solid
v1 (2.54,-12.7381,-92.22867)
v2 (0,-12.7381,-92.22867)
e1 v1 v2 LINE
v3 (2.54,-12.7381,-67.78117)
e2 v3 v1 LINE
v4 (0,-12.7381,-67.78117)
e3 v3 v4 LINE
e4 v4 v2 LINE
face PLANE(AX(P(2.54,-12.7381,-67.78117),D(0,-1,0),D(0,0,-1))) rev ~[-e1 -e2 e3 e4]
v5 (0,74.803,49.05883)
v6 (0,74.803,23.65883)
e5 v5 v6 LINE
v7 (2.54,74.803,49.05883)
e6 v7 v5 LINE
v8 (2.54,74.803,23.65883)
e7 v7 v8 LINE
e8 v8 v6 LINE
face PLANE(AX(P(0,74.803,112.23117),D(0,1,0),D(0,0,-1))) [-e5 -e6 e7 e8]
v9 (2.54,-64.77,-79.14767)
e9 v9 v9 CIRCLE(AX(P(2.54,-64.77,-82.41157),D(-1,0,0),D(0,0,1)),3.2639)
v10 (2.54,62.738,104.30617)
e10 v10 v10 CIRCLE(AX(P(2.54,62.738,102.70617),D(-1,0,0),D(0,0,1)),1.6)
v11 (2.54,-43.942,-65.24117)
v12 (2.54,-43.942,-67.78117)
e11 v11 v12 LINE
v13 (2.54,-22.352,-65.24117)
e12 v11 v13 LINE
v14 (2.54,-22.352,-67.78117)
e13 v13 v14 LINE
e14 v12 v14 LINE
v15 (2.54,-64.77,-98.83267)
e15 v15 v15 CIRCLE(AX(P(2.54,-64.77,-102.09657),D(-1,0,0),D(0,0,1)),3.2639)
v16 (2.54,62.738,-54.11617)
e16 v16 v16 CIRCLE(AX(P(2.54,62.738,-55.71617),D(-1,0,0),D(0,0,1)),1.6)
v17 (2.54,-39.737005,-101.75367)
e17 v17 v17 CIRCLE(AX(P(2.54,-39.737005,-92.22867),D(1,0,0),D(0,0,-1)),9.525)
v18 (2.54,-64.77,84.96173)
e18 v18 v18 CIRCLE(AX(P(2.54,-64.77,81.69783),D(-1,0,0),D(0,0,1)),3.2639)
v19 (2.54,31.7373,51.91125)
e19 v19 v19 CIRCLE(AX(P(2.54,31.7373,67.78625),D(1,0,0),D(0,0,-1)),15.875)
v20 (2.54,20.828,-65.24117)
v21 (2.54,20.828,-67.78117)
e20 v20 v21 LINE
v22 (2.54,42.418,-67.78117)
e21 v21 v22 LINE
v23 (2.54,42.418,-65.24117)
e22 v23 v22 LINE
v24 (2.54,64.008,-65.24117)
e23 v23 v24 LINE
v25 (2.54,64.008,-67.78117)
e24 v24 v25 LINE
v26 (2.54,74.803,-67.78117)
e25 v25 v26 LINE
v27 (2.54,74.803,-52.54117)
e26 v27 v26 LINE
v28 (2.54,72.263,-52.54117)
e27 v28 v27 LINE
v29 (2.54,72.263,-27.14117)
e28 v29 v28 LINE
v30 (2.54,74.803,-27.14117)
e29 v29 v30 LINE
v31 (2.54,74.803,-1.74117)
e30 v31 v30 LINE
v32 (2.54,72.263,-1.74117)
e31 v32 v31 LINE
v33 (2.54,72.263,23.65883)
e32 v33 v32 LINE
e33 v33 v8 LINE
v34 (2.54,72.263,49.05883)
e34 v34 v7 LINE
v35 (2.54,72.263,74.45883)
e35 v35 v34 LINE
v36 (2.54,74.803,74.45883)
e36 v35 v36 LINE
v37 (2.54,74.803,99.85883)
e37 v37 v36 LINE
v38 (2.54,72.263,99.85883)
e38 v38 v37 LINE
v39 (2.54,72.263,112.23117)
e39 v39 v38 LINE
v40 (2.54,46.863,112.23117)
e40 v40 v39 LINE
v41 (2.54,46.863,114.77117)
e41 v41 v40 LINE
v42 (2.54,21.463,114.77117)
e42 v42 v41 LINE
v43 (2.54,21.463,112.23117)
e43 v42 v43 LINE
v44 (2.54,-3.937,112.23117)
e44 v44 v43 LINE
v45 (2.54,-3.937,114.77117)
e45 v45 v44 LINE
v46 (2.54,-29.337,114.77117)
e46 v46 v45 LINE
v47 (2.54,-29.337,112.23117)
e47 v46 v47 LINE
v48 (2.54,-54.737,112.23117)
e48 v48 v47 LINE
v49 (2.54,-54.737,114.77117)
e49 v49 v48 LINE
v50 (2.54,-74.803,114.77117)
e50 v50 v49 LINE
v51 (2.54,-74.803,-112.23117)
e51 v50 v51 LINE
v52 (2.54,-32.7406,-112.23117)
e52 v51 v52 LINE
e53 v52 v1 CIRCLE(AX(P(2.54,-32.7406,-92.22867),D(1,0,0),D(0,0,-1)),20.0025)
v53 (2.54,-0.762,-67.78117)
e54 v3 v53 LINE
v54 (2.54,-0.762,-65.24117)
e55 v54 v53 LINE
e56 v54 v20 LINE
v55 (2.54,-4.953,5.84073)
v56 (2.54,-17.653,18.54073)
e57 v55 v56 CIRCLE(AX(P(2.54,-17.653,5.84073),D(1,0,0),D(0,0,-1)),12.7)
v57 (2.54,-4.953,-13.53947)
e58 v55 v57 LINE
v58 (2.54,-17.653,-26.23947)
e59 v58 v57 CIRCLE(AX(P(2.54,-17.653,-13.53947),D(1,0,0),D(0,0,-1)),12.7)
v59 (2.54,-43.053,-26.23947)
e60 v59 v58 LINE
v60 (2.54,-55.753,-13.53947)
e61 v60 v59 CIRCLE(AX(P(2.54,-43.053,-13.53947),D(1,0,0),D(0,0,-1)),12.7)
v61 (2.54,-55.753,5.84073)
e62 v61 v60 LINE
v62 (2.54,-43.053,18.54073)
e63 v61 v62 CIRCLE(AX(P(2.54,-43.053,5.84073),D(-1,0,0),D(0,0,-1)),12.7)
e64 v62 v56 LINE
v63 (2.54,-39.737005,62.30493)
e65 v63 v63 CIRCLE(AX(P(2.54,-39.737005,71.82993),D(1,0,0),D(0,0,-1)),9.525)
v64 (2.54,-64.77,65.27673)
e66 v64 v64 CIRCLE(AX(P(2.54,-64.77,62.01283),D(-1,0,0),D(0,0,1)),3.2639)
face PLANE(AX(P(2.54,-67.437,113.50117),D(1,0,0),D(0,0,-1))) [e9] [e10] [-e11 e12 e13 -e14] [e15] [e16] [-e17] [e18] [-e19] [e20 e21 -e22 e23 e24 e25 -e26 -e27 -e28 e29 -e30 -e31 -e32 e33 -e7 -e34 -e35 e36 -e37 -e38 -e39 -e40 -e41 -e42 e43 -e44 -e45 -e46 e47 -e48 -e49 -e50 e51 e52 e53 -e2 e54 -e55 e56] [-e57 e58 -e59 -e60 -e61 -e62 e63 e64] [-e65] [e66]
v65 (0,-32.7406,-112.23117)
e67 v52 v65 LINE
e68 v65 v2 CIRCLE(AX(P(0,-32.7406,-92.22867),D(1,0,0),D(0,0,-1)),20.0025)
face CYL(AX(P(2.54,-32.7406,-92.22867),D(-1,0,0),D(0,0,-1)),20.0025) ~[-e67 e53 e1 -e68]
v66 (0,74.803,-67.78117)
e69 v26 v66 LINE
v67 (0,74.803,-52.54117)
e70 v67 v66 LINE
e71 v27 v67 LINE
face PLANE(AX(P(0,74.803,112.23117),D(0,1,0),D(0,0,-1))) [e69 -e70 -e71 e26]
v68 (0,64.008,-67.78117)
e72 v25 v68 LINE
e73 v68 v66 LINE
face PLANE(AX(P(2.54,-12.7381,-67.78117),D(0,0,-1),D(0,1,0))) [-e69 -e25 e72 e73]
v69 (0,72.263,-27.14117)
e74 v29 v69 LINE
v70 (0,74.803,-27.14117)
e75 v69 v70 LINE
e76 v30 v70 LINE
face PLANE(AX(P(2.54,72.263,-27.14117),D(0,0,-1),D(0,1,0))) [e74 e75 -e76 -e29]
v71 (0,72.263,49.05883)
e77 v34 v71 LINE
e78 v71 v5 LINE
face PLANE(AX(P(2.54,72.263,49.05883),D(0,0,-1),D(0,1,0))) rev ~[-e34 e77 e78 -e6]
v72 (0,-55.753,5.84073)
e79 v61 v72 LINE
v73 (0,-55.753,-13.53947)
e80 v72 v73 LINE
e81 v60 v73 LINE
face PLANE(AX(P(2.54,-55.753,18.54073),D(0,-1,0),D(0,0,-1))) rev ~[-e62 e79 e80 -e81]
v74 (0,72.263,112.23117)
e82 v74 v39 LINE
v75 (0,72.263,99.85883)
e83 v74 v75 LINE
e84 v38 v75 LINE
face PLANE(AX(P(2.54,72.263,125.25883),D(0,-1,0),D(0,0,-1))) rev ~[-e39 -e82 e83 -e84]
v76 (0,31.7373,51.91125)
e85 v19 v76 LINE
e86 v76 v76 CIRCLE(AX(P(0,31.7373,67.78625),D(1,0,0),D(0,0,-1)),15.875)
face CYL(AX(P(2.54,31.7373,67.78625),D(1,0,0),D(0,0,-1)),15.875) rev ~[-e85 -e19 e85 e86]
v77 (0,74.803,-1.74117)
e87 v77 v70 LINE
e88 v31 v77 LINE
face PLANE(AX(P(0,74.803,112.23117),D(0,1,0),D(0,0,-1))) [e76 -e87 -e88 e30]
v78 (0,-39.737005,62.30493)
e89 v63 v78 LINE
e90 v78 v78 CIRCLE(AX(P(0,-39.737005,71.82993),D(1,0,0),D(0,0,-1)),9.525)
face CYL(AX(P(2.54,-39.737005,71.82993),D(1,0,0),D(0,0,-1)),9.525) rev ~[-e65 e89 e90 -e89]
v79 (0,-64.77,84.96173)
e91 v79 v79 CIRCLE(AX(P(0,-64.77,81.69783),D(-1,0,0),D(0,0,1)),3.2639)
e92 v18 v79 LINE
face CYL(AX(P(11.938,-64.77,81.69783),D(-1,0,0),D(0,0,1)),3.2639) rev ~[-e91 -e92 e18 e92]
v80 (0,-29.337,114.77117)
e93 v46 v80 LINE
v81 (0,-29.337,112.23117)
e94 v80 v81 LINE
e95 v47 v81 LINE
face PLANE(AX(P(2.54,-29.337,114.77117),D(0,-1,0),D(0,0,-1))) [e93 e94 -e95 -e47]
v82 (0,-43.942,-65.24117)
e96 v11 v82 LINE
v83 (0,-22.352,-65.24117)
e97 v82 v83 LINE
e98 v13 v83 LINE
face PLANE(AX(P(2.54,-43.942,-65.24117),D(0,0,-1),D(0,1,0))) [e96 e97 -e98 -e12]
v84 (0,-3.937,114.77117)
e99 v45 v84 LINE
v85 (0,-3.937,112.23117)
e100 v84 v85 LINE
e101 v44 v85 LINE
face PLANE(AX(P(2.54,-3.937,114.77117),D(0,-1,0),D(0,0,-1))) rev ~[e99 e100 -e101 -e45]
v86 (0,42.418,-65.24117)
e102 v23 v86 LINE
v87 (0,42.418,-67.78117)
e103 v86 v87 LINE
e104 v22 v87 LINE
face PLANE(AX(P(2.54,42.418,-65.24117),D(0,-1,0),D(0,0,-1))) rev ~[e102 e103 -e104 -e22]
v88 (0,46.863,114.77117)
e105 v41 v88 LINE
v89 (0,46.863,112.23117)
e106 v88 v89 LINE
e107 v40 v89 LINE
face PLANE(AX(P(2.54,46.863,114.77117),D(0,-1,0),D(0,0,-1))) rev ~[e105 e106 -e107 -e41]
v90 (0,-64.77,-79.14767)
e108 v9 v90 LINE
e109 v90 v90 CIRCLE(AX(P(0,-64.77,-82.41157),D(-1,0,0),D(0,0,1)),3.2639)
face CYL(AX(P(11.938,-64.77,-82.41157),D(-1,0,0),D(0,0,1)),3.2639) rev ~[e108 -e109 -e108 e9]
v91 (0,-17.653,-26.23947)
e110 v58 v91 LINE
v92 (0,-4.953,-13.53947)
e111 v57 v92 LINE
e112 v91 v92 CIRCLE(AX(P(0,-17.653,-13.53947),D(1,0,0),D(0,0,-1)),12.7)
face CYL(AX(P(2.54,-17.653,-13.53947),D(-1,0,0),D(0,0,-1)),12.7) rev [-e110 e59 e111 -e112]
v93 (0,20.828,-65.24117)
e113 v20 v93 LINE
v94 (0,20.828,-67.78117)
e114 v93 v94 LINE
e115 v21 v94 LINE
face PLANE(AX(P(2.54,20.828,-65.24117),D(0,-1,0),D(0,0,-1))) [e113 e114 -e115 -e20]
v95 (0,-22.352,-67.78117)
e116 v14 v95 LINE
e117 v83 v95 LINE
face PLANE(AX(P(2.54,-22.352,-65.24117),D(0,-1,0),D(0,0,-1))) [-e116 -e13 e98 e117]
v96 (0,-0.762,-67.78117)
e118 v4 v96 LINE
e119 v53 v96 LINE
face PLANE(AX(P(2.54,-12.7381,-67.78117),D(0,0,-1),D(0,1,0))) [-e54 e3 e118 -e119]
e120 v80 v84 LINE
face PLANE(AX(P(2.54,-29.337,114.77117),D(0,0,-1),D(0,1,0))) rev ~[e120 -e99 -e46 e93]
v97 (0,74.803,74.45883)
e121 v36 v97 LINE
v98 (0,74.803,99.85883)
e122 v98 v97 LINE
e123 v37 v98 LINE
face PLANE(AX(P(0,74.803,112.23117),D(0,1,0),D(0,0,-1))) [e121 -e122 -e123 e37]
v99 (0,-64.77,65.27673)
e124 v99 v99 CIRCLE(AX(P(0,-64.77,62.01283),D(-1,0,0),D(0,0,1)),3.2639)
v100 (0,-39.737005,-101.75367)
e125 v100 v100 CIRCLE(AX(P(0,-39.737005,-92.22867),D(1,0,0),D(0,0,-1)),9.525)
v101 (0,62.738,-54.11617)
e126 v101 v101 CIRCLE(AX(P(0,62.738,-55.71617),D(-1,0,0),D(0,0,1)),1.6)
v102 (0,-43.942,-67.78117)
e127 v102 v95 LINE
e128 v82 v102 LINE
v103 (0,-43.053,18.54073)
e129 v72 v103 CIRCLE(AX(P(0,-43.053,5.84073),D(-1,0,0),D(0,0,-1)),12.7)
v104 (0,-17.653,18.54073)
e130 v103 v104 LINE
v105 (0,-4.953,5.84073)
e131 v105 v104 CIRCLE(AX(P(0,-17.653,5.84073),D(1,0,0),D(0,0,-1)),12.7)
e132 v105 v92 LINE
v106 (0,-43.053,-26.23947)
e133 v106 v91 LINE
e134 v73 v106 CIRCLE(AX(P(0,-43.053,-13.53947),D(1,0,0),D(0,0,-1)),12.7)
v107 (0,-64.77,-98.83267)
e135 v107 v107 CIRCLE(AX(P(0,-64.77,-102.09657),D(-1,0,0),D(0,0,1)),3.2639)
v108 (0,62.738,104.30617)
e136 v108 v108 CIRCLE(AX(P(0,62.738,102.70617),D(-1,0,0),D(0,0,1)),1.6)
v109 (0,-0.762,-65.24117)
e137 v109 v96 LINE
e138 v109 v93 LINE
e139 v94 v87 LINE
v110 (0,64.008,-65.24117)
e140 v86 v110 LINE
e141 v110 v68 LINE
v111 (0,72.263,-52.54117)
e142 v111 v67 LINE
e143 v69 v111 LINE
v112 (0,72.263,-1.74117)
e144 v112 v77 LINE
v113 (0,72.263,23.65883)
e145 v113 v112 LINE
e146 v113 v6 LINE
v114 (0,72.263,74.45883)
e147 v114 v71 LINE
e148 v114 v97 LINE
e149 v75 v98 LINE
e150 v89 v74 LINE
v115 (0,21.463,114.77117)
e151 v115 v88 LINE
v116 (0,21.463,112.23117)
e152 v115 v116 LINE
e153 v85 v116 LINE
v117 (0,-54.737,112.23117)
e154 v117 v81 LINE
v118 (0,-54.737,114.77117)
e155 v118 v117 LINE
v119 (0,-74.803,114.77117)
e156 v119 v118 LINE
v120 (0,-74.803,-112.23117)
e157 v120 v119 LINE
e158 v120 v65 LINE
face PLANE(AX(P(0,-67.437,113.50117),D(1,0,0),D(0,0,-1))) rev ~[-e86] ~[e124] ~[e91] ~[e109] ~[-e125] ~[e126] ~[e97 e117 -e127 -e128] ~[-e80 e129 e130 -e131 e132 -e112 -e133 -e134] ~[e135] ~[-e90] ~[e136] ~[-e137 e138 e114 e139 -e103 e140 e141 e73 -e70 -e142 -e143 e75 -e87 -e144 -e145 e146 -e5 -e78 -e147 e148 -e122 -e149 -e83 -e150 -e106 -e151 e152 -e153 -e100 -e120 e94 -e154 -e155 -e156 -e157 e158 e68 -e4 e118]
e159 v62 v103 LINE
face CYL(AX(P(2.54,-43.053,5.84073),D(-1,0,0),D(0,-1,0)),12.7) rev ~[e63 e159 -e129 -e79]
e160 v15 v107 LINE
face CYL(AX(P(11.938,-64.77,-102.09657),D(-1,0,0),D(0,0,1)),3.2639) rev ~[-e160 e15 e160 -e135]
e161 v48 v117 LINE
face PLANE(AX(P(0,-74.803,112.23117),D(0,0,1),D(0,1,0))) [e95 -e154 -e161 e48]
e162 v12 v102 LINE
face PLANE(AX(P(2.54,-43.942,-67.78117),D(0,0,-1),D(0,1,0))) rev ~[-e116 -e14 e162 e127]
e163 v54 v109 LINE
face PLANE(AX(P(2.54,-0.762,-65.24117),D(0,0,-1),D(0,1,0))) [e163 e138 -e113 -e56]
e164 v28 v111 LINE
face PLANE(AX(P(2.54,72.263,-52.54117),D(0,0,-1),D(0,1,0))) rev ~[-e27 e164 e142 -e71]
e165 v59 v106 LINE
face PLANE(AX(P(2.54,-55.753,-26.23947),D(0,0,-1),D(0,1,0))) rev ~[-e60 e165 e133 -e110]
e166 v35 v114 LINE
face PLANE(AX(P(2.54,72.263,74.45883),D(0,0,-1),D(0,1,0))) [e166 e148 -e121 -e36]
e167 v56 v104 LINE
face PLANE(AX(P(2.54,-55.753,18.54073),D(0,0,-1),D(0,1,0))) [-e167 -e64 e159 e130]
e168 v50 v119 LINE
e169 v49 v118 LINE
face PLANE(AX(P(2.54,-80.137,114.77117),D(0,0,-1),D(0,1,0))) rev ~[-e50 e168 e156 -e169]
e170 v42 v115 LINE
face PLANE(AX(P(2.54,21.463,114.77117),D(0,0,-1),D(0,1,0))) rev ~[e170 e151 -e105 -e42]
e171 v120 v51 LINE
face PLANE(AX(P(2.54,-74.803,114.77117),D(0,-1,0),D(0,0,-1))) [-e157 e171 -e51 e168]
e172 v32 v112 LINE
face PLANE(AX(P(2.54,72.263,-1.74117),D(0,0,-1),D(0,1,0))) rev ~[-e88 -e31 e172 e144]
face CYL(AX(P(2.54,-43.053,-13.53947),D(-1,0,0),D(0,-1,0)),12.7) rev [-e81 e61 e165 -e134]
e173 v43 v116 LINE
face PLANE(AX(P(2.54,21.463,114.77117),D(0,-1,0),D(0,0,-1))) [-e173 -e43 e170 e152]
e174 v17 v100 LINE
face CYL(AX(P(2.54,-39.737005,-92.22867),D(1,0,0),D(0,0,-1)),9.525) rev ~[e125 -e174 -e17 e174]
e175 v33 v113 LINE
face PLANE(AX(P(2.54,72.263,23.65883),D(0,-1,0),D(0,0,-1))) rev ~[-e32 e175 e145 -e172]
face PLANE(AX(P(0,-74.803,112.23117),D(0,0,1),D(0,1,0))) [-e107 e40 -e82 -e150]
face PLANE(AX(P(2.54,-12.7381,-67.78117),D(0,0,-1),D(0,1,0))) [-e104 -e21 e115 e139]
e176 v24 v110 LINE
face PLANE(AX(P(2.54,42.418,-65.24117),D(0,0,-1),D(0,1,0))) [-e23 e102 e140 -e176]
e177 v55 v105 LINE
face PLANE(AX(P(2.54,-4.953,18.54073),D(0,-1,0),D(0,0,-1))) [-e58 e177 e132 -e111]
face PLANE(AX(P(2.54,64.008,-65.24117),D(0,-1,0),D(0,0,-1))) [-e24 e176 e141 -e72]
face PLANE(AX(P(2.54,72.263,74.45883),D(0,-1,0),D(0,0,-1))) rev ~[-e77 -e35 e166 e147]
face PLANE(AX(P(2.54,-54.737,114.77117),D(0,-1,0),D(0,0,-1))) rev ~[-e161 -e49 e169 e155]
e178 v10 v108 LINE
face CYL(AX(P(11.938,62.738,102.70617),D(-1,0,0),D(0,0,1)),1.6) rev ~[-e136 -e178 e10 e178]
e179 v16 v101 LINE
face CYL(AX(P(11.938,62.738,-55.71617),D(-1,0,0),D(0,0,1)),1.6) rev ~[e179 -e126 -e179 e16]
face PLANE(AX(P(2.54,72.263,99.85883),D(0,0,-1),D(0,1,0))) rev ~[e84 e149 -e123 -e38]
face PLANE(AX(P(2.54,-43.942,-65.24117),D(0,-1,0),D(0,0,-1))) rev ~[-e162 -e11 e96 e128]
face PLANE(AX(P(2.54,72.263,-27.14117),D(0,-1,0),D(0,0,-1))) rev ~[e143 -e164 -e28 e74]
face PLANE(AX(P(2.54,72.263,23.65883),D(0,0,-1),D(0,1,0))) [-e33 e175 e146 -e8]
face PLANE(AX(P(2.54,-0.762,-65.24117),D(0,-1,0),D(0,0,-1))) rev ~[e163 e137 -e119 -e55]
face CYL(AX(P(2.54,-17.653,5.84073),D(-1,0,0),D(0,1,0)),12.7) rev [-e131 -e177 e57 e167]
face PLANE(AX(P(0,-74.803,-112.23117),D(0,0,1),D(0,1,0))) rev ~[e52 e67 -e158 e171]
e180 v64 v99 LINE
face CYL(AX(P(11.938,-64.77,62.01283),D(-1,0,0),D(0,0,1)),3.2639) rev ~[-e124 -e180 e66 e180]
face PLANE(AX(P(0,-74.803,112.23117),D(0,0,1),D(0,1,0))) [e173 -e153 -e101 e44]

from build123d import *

# Parameters (mm, degrees)
SKETCH1_W                   = 224.46234
SKETCH1_H                   = 149.606
BOSS_EXTRUDE1_DEPTH         = 2.54
SKETCH2_W                   = 44.45
SKETCH2_H                   = 87.5411
CUT_EXTRUDE1_DEPTH          = 135.899132423
FILLET1_R                   = 20.0025
F_1_4_CLEARANCE_HOLE1_D     = 6.5278
F_1_4_CLEARANCE_HOLE1_DEPTH = 9.398
F_1_4_CLEARANCE_HOLE1_TIP   = 1.961148974
SKETCH6_W                   = 25.4
SKETCH6_H                   = 2.54
CUT_EXTRUDE2_DEPTH          = 135.899132423
LPATTERN1_COUNT             = 4
LPATTERN1_PITCH             = 50.8
SKETCH7_W                   = 2.54
SKETCH7_H                   = 21.59
CUT_EXTRUDE3_DEPTH          = 135.899132423
LPATTERN2_COUNT             = 3
LPATTERN2_PITCH             = 43.18
SKETCH8_R                   = 9.525
CUT_EXTRUDE4_DEPTH          = 135.899132423
SKETCH9_R                   = 15.875
SKETCH9_W                   = 44.7802
SKETCH9_H                   = 50.8
CUT_EXTRUDE5_DEPTH          = 135.899132423
FILLET2_R                   = 12.7
M3_CLEARANCE_HOLE1_D        = 3.2
M3_CLEARANCE_HOLE1_DEPTH    = 9.398
M3_CLEARANCE_HOLE1_TIP      = 0.96137699
SKETCH16_W                  = 2.54
SKETCH16_H                  = 25.4
BOSS_EXTRUDE2_DEPTH         = 2.54
LPATTERN3_COUNT             = 3
LPATTERN3_PITCH             = 50.8
SKETCH18_W                  = 2.54
SKETCH18_H                  = 5.334
CUT_EXTRUDE7_DEPTH          = 141.002899371


with BuildPart() as part:
    # Sketch1 → Boss-Extrude1 (new body)
    with BuildSketch(Plane(origin=(0, 0, 0), x_dir=(0, 0, -1), z_dir=(1, 0, 0))):
        Rectangle(SKETCH1_W, SKETCH1_H)
    extrude(amount=BOSS_EXTRUDE1_DEPTH)

    # Sketch2 → Cut-Extrude1 (cut, through all)
    with BuildSketch(Plane(origin=(2.54, 0, 0), x_dir=(0, 0, -1), z_dir=(1, 0, 0))):
        with Locations((90.00617, 31.03245)):
            Rectangle(SKETCH2_W, SKETCH2_H)
    extrude(amount=-CUT_EXTRUDE1_DEPTH, mode=Mode.SUBTRACT)

    # Fillet1
    fillet1_edges = [part.edges().sort_by_distance(p)[0] for p in [
        (1.27, -12.7381, -112.23117),
    ]]
    fillet(fillet1_edges, radius=FILLET1_R)

    # 1/4 Clearance Hole1
    with Locations(Plane(origin=(2.54, 0, 0), x_dir=(0, 0, -1), z_dir=(1, 0, 0))):
        with Locations((-81.69783, -64.77), (-62.01283, -64.77), (102.09657, -64.77), (82.41157, -64.77)):
            Hole(F_1_4_CLEARANCE_HOLE1_D / 2, depth=F_1_4_CLEARANCE_HOLE1_DEPTH)
            with Locations((0, 0, -(F_1_4_CLEARANCE_HOLE1_DEPTH + F_1_4_CLEARANCE_HOLE1_TIP / 2))):  # 118° drill point
                Cone(0, F_1_4_CLEARANCE_HOLE1_D / 2, F_1_4_CLEARANCE_HOLE1_TIP, mode=Mode.SUBTRACT)

    # Sketch6 → Cut-Extrude2 (cut, through all)
    with BuildSketch(Plane(origin=(2.54, 0, 0), x_dir=(0, 0, -1), z_dir=(1, 0, 0))):
        with Locations((39.84117, 73.533)):
            Rectangle(SKETCH6_W, SKETCH6_H)
    cut_extrude2 = extrude(amount=-CUT_EXTRUDE2_DEPTH, mode=Mode.SUBTRACT)

    # LPattern1: Cut-Extrude2 ×4
    with Locations(*[(0, 0, i * LPATTERN1_PITCH) for i in range(1, LPATTERN1_COUNT)]):
        add(cut_extrude2, mode=Mode.SUBTRACT)

    # Sketch7 → Cut-Extrude3 (cut, through all)
    with BuildSketch(Plane(origin=(2.54, 0, 0), x_dir=(0, 0, -1), z_dir=(1, 0, 0))):
        with Locations((66.51117, 53.213)):
            Rectangle(SKETCH7_W, SKETCH7_H)
    cut_extrude3 = extrude(amount=-CUT_EXTRUDE3_DEPTH, mode=Mode.SUBTRACT)

    # LPattern2: Cut-Extrude3 ×3
    with Locations(*[(0, -i * LPATTERN2_PITCH, 0) for i in range(1, LPATTERN2_COUNT)]):
        add(cut_extrude3, mode=Mode.SUBTRACT)

    # Sketch8 → Cut-Extrude4 (cut, through all)
    with BuildSketch(Plane(origin=(2.54, 0, 0), x_dir=(0, 0, -1), z_dir=(1, 0, 0))):
        with Locations((92.22867, -39.7370046)):
            Circle(SKETCH8_R)
        with Locations((-71.82993, -39.7370046)):
            Circle(SKETCH8_R)
    extrude(amount=-CUT_EXTRUDE4_DEPTH, mode=Mode.SUBTRACT)

    # Sketch9 → Cut-Extrude5 (cut, through all)
    with BuildSketch(Plane(origin=(2.54, 0, 0), x_dir=(0, 0, -1), z_dir=(1, 0, 0))):
        with Locations((-67.78625, 31.7373)):
            Circle(SKETCH9_R)
        with Locations((3.84937, -30.353)):
            Rectangle(SKETCH9_W, SKETCH9_H)
    extrude(amount=-CUT_EXTRUDE5_DEPTH, mode=Mode.SUBTRACT)

    # Fillet2
    fillet2_edges = [part.edges().sort_by_distance(p)[0] for p in [
        (1.27, -55.753, 18.54073),
        (1.27, -4.953, 18.54073),
        (1.27, -4.953, -26.23947),
        (1.27, -55.753, -26.23947),
    ]]
    fillet(fillet2_edges, radius=FILLET2_R)

    # M3 Clearance Hole1
    with Locations(Plane(origin=(2.54, 0, 0), x_dir=(0, 0, -1), z_dir=(1, 0, 0))):
        with Locations((-102.70617, 62.738), (55.71617, 62.738)):
            Hole(M3_CLEARANCE_HOLE1_D / 2, depth=M3_CLEARANCE_HOLE1_DEPTH)
            with Locations((0, 0, -(M3_CLEARANCE_HOLE1_DEPTH + M3_CLEARANCE_HOLE1_TIP / 2))):  # 118° drill point
                Cone(0, M3_CLEARANCE_HOLE1_D / 2, M3_CLEARANCE_HOLE1_TIP, mode=Mode.SUBTRACT)

    # Sketch16 → Boss-Extrude2 (add)
    with BuildSketch(Plane(origin=(2.54, 0, 0), x_dir=(0, 0, -1), z_dir=(1, 0, 0))):
        with Locations((-113.50117, 34.163)):
            Rectangle(SKETCH16_W, SKETCH16_H)
    boss_extrude2 = extrude(amount=-BOSS_EXTRUDE2_DEPTH)

    # LPattern3: Boss-Extrude2 ×3
    with Locations(*[(0, -i * LPATTERN3_PITCH, 0) for i in range(1, LPATTERN3_COUNT)]):
        add(boss_extrude2)

    # Sketch18 → Cut-Extrude7 (cut, through all)
    with BuildSketch(Plane(origin=(2.54, 0, 0), x_dir=(0, 0, -1), z_dir=(1, 0, 0))):
        with Locations((-113.50117, -77.47)):
            Rectangle(SKETCH18_W, SKETCH18_H)
    extrude(amount=-CUT_EXTRUDE7_DEPTH, mode=Mode.SUBTRACT)


solid = part.part
